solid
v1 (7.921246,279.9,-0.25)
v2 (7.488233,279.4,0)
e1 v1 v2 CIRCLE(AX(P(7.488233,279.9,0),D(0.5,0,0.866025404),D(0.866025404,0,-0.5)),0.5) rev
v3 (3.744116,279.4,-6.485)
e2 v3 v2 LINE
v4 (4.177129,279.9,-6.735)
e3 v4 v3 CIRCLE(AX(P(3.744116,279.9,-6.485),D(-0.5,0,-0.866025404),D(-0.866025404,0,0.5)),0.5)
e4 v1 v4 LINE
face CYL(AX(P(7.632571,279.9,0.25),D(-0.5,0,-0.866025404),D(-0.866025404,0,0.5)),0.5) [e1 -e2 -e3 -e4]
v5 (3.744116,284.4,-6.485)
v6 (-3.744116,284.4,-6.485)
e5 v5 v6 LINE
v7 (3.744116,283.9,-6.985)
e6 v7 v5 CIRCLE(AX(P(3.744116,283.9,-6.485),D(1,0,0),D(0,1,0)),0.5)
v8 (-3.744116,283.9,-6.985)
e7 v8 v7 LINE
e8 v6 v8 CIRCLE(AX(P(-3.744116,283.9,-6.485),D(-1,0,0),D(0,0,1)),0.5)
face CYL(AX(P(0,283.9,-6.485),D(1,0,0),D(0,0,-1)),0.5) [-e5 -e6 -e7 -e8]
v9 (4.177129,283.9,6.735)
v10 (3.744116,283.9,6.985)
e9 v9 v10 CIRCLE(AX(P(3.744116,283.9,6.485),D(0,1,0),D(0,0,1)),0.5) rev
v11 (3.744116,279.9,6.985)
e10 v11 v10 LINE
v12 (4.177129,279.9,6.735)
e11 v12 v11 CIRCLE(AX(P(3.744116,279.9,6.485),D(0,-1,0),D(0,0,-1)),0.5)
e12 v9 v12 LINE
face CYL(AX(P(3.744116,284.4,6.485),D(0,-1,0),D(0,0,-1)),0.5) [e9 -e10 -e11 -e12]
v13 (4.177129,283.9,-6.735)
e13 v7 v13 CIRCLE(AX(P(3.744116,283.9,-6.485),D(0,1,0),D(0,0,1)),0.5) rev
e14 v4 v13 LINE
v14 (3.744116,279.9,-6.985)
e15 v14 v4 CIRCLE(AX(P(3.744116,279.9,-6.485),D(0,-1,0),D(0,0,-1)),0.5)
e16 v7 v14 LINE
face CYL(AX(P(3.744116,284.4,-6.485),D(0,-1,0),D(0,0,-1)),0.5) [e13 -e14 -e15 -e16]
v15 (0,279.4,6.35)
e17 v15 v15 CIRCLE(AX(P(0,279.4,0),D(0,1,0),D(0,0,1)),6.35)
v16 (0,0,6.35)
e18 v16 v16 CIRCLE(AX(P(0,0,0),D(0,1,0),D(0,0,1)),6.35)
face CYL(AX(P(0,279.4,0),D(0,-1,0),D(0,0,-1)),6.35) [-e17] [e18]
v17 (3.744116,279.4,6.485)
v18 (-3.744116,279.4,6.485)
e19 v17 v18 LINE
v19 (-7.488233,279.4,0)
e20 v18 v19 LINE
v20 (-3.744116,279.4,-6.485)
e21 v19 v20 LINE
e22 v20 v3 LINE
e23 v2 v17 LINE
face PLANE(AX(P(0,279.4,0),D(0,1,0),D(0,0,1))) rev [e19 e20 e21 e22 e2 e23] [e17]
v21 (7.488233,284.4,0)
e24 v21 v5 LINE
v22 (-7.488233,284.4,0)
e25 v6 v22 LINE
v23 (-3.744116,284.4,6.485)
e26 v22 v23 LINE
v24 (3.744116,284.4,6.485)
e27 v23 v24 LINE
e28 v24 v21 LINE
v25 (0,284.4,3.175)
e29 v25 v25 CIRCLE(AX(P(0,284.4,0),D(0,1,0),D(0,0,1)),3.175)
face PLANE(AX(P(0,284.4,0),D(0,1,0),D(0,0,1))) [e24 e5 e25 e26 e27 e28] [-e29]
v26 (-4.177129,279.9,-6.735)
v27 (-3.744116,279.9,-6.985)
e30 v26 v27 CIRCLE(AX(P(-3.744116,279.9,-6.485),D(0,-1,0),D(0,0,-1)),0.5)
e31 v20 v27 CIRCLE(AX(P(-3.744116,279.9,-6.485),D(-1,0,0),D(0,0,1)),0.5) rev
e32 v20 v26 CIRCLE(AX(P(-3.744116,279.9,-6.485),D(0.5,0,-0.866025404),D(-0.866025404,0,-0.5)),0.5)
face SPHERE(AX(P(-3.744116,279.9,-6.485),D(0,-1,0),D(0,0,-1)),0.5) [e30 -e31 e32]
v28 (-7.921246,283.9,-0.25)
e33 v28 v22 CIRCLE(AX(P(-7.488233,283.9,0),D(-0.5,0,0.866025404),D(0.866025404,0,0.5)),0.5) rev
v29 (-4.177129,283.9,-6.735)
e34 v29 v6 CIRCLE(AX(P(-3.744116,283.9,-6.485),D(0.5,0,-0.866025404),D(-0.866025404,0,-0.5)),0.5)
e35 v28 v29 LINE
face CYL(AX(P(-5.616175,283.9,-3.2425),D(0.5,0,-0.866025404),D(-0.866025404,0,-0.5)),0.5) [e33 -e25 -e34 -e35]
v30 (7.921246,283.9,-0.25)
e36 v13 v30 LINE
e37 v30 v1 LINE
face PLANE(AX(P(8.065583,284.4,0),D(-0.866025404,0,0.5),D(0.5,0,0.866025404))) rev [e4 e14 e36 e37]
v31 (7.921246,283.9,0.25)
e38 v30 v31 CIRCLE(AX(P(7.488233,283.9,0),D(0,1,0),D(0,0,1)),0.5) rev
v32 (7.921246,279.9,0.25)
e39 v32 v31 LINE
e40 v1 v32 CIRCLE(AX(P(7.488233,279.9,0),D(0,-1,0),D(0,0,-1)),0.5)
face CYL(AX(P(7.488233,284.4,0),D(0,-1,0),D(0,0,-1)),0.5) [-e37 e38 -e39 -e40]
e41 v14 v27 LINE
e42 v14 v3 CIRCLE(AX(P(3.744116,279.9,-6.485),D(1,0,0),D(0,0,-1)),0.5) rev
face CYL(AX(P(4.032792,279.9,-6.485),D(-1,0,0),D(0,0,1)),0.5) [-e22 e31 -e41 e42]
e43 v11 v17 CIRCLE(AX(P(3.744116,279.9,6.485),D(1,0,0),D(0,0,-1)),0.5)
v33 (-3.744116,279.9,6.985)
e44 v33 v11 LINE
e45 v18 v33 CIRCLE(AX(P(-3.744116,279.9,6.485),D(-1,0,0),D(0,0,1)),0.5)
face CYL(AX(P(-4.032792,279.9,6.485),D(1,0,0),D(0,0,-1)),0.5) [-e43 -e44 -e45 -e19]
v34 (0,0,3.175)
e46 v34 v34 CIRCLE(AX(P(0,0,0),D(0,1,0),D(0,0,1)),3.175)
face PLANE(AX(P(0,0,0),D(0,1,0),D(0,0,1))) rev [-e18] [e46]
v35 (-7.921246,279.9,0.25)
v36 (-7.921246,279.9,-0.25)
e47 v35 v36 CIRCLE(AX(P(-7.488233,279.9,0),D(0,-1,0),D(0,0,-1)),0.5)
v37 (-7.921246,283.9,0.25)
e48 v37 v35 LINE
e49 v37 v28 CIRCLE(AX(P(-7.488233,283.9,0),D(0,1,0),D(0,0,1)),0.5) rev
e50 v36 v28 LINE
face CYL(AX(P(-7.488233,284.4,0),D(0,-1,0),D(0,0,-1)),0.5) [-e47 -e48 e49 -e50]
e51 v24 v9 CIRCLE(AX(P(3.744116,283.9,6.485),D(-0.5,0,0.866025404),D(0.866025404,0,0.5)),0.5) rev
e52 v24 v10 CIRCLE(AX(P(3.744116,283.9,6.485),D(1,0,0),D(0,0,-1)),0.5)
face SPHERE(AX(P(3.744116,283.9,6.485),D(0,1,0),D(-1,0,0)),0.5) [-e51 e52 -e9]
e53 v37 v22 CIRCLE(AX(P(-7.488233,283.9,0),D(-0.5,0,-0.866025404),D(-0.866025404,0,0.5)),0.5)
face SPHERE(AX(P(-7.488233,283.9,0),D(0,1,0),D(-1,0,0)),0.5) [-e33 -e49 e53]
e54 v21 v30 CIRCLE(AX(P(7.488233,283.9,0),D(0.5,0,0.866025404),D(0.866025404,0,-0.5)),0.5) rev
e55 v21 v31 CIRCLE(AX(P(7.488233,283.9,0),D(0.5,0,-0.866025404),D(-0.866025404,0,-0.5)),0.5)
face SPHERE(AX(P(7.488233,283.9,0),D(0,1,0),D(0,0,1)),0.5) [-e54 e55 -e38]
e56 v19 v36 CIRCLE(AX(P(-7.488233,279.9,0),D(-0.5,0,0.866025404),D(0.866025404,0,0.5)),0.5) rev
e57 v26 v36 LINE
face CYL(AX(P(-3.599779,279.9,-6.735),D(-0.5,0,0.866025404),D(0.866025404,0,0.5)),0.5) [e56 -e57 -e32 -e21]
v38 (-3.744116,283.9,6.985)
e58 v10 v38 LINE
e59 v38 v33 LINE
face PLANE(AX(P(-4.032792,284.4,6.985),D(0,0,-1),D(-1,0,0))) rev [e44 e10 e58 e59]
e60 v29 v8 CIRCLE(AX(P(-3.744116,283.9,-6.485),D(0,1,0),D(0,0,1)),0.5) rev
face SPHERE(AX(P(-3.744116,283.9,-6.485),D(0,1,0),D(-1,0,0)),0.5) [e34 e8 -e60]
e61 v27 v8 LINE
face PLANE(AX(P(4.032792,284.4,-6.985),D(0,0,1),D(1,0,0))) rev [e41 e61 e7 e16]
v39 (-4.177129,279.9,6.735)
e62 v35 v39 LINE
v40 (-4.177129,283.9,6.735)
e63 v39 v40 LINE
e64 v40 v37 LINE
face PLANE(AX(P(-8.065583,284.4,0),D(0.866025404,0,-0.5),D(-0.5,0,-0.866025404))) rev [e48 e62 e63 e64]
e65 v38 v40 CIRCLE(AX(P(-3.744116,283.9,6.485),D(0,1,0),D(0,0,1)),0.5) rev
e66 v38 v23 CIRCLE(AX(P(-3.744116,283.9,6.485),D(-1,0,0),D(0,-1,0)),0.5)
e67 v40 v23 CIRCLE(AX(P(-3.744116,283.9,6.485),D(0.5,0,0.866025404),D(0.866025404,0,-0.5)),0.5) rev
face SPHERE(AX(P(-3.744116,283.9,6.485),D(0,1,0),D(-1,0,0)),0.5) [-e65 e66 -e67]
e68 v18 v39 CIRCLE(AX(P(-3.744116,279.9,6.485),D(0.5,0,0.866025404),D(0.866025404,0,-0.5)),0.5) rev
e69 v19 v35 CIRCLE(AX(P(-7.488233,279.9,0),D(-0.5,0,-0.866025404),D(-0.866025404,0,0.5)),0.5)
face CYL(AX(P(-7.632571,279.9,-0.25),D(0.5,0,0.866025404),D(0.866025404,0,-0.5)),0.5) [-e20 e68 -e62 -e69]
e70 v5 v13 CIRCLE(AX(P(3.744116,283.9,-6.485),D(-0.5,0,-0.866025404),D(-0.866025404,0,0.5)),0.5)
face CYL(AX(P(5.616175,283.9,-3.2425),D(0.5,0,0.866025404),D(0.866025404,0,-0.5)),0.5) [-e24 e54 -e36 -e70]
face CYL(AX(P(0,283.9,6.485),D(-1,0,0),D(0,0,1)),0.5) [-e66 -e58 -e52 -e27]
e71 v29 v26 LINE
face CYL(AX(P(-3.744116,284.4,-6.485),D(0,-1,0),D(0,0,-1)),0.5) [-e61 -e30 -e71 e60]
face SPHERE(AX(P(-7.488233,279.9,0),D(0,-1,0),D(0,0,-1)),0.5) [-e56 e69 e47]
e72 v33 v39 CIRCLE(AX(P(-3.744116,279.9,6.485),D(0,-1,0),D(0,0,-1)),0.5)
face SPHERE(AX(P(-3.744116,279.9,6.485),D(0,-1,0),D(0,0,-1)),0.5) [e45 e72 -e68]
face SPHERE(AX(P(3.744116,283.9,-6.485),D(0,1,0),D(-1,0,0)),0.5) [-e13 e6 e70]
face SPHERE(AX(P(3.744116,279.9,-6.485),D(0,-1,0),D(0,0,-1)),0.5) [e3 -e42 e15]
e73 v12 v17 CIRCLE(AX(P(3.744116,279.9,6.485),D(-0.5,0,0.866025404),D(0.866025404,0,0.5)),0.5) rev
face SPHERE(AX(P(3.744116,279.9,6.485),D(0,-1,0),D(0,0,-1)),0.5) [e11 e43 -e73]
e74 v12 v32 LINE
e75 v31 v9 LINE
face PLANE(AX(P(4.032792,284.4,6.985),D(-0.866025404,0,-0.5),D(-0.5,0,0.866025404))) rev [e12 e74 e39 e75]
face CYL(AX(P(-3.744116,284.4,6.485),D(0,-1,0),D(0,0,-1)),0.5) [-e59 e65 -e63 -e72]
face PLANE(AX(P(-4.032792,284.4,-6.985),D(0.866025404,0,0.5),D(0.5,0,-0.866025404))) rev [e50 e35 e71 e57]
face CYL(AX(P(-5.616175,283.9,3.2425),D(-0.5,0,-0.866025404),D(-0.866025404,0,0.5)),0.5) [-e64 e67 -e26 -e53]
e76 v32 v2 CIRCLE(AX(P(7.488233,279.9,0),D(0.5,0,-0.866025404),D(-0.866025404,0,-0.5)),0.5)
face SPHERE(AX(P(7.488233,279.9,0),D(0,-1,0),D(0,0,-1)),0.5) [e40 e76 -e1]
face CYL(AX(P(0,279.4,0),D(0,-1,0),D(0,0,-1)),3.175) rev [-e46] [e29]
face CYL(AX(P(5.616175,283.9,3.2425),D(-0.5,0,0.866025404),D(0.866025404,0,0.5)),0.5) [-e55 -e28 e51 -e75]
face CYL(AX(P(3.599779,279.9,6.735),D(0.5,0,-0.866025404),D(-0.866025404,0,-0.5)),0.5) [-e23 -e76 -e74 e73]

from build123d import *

# Parameters (mm, degrees)
SKETCH1_R           = 6.35
SKETCH1_R_2         = 3.175
BOSS_EXTRUDE1_DEPTH = 279.4
SKETCH2_R           = 3.175
BOSS_EXTRUDE2_DEPTH = 5
FILLET1_R           = 0.5


with BuildPart() as part:
    # Sketch1 → Boss-Extrude1 (new body)
    with BuildSketch(Plane(origin=(0, 0, 0), x_dir=(1, 0, 0), z_dir=(0, 1, 0))):
        with Locations(Location((0, 0, 0), (0, 0, 270))):
            Circle(SKETCH1_R)
        with Locations(Location((0, 0, 0), (0, 0, 270))):
            Circle(SKETCH1_R_2, mode=Mode.SUBTRACT)
    extrude(amount=BOSS_EXTRUDE1_DEPTH)

    # Sketch2 → Boss-Extrude2 (add)
    with BuildSketch(Plane(origin=(0, 279.4, 0), x_dir=(1, 0, 0), z_dir=(0, 1, 0))):
        Polygon((-8.065583261, 0), (-4.03279163, -6.985), (4.03279163, -6.985), (8.065583261, 0), (4.03279163, 6.985), (-4.03279163, 6.985), align=None)
        with Locations(Location((0, 0, 0), (0, 0, 270))):
            Circle(SKETCH2_R, mode=Mode.SUBTRACT)
    extrude(amount=BOSS_EXTRUDE2_DEPTH)

    # Fillet1
    fillet1_edges = [part.edges().sort_by_distance(p)[0] for p in [
        (-6.049187445, 284.4, -3.4925),
        (-6.049187445, 284.4, 3.4925),
        (0, 284.4, 6.985),
        (6.049187445, 284.4, 3.4925),
        (6.049187445, 284.4, -3.4925),
        (0, 284.4, -6.985),
        (-6.049187445, 279.4, -3.4925),
        (-4.03279163, 281.9, -6.985),
        (-6.049187445, 279.4, 3.4925),
        (-8.065583261, 281.9, 0),
        (0, 279.4, 6.985),
        (-4.03279163, 281.9, 6.985),
        (6.049187445, 279.4, 3.4925),
        (4.03279163, 281.9, 6.985),
        (6.049187445, 279.4, -3.4925),
        (8.065583261, 281.9, 0),
        (0, 279.4, -6.985),
        (4.03279163, 281.9, -6.985),
    ]]
    fillet(fillet1_edges, radius=FILLET1_R)


solid = part.part
